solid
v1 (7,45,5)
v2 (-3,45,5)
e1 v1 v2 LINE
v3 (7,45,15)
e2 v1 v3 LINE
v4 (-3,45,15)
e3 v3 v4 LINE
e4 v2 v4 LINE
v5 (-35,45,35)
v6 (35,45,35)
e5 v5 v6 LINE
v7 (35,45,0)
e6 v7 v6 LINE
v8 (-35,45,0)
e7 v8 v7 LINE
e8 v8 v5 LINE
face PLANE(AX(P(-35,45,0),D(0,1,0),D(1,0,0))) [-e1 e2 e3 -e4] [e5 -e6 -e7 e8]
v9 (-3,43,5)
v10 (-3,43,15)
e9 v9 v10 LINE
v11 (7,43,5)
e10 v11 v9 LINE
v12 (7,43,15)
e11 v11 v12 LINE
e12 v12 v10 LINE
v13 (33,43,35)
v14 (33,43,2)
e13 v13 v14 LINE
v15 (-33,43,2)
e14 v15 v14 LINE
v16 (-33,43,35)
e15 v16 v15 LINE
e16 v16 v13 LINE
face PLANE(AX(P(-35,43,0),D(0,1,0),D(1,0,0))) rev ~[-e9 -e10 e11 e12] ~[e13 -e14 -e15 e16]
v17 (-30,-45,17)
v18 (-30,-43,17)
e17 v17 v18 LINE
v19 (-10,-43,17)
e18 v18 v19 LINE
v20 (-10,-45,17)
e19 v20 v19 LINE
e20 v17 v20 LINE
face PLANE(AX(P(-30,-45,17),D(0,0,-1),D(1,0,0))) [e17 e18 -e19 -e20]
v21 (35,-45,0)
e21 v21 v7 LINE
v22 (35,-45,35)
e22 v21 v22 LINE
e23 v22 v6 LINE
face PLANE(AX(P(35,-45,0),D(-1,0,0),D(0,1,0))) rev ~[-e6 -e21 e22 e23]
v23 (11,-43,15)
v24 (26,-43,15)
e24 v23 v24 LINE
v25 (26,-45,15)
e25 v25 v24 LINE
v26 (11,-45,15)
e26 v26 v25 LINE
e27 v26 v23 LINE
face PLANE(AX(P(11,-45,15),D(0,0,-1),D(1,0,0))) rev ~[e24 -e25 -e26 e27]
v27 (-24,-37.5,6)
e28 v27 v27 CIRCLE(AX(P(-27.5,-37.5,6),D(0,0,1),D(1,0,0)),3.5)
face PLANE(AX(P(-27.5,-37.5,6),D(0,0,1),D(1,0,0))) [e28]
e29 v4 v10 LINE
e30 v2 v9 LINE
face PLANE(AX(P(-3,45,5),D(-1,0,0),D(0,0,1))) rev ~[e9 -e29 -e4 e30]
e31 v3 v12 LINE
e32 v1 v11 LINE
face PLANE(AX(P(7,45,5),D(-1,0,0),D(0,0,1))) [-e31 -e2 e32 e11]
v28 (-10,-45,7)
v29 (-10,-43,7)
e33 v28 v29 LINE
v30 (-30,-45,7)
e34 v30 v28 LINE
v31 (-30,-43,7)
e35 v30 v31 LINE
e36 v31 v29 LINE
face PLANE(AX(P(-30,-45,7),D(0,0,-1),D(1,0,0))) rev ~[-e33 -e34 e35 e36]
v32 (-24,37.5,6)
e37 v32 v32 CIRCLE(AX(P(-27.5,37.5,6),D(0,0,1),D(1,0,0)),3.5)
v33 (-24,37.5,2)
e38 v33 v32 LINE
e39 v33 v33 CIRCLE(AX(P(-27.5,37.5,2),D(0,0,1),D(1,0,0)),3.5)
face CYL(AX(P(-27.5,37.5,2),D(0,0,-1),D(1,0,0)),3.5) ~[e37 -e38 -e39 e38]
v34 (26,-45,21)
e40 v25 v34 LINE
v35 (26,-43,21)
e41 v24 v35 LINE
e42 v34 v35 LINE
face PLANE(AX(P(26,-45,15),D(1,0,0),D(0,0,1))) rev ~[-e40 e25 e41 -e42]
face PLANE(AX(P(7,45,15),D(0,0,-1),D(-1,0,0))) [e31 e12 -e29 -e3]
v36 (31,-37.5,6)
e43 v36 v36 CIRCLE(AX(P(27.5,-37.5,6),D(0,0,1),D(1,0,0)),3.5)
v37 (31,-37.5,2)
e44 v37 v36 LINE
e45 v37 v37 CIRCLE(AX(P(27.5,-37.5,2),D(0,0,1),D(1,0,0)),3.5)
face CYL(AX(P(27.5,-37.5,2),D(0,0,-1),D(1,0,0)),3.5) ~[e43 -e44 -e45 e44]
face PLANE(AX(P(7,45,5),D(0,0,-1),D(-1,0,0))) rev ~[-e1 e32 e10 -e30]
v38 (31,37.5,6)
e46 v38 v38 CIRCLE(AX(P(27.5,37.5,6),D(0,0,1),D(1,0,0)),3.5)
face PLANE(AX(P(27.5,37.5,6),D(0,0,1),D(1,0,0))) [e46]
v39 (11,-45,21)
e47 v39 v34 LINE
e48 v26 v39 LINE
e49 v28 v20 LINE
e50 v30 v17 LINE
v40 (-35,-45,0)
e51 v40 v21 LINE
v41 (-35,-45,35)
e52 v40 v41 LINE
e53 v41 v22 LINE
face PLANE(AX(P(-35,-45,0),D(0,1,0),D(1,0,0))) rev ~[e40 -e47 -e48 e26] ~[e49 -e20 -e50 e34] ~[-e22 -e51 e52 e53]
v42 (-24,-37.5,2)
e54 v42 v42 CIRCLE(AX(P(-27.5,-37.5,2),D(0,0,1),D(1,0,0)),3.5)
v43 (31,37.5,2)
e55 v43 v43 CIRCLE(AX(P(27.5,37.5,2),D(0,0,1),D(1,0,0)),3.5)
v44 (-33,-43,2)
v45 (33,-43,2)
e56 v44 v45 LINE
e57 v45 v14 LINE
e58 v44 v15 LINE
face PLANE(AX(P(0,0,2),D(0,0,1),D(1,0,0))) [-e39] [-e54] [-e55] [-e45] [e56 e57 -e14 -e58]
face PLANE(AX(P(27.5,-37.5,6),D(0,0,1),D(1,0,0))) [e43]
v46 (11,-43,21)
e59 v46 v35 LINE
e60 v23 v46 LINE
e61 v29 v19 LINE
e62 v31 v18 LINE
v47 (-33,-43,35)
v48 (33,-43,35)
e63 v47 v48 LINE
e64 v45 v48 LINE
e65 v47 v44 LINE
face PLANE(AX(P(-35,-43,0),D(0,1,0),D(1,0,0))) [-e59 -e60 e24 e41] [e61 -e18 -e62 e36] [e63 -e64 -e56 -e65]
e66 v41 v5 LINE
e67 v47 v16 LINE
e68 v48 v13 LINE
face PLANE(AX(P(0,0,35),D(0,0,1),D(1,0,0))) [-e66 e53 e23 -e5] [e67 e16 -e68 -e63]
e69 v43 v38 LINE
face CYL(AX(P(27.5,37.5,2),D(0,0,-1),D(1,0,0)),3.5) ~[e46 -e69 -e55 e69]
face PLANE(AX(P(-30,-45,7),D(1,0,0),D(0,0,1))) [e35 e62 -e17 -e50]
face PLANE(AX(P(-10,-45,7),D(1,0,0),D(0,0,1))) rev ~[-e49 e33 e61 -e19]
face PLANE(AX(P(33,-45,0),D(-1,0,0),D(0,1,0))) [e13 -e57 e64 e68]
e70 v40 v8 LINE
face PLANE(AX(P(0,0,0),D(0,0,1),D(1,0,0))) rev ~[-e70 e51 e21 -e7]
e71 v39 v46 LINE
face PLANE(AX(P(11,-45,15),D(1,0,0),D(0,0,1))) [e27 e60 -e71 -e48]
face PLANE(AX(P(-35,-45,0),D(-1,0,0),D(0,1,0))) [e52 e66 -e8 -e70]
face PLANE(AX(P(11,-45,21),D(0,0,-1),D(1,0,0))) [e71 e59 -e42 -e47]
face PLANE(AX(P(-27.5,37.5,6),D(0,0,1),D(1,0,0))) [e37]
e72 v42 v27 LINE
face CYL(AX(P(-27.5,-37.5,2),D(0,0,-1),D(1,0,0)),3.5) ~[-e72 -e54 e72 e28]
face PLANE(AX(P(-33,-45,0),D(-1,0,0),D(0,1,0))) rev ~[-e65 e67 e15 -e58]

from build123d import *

# Parameters (mm, degrees)
F0_W     = 70
F0_H     = 90
F1_DEPTH = 35
F2_T     = -2
F3_R     = 3.5
F4_DEPTH = 4
F5_W     = 20
F5_H     = 10
F5_W_2   = 15
F5_H_2   = 6
F6_DEPTH = 2
F7_W     = 10
F7_H     = 10
F8_DEPTH = 2


with BuildPart() as f1:
    # F0 (on Top) → F1 (new body)
    with BuildSketch(Plane.XY):
        Rectangle(F0_W, F0_H)
    extrude(amount=F1_DEPTH)

    # F2
    f2_openings = [f1.faces().sort_by_distance(p)[0] for p in [
        (0, 0, 35),
    ]]
    offset(amount=F2_T, openings=f2_openings)

    # F3 (on face) → F4 (join)
    with BuildSketch(Plane.XY.offset(2)):
        with Locations((-27.5, 37.5)):
            Circle(F3_R)
        with Locations((27.5, -37.5)):
            Circle(F3_R)
        with Locations((27.5, 37.5)):
            Circle(F3_R)
        with Locations((-27.5, -37.5)):
            Circle(F3_R)
    extrude(amount=F4_DEPTH)

    # F5 (on face) → F6 (cut, through all)
    with BuildSketch(Plane.XZ.offset(45)):
        with Locations((-20, 12)):
            Rectangle(F5_W, F5_H)
        with Locations((18.5, 18)):
            Rectangle(F5_W_2, F5_H_2)
    extrude(amount=-F6_DEPTH, mode=Mode.SUBTRACT)

    # F7 (on face) → F8 (cut, through all)
    with BuildSketch(Plane(origin=(0, 45, 0), x_dir=(-1, 0, 0), z_dir=(0, 1, 0))):
        with Locations((-2, 10)):
            Rectangle(F7_W, F7_H)
    extrude(amount=-F8_DEPTH, mode=Mode.SUBTRACT)


solid = f1.part
